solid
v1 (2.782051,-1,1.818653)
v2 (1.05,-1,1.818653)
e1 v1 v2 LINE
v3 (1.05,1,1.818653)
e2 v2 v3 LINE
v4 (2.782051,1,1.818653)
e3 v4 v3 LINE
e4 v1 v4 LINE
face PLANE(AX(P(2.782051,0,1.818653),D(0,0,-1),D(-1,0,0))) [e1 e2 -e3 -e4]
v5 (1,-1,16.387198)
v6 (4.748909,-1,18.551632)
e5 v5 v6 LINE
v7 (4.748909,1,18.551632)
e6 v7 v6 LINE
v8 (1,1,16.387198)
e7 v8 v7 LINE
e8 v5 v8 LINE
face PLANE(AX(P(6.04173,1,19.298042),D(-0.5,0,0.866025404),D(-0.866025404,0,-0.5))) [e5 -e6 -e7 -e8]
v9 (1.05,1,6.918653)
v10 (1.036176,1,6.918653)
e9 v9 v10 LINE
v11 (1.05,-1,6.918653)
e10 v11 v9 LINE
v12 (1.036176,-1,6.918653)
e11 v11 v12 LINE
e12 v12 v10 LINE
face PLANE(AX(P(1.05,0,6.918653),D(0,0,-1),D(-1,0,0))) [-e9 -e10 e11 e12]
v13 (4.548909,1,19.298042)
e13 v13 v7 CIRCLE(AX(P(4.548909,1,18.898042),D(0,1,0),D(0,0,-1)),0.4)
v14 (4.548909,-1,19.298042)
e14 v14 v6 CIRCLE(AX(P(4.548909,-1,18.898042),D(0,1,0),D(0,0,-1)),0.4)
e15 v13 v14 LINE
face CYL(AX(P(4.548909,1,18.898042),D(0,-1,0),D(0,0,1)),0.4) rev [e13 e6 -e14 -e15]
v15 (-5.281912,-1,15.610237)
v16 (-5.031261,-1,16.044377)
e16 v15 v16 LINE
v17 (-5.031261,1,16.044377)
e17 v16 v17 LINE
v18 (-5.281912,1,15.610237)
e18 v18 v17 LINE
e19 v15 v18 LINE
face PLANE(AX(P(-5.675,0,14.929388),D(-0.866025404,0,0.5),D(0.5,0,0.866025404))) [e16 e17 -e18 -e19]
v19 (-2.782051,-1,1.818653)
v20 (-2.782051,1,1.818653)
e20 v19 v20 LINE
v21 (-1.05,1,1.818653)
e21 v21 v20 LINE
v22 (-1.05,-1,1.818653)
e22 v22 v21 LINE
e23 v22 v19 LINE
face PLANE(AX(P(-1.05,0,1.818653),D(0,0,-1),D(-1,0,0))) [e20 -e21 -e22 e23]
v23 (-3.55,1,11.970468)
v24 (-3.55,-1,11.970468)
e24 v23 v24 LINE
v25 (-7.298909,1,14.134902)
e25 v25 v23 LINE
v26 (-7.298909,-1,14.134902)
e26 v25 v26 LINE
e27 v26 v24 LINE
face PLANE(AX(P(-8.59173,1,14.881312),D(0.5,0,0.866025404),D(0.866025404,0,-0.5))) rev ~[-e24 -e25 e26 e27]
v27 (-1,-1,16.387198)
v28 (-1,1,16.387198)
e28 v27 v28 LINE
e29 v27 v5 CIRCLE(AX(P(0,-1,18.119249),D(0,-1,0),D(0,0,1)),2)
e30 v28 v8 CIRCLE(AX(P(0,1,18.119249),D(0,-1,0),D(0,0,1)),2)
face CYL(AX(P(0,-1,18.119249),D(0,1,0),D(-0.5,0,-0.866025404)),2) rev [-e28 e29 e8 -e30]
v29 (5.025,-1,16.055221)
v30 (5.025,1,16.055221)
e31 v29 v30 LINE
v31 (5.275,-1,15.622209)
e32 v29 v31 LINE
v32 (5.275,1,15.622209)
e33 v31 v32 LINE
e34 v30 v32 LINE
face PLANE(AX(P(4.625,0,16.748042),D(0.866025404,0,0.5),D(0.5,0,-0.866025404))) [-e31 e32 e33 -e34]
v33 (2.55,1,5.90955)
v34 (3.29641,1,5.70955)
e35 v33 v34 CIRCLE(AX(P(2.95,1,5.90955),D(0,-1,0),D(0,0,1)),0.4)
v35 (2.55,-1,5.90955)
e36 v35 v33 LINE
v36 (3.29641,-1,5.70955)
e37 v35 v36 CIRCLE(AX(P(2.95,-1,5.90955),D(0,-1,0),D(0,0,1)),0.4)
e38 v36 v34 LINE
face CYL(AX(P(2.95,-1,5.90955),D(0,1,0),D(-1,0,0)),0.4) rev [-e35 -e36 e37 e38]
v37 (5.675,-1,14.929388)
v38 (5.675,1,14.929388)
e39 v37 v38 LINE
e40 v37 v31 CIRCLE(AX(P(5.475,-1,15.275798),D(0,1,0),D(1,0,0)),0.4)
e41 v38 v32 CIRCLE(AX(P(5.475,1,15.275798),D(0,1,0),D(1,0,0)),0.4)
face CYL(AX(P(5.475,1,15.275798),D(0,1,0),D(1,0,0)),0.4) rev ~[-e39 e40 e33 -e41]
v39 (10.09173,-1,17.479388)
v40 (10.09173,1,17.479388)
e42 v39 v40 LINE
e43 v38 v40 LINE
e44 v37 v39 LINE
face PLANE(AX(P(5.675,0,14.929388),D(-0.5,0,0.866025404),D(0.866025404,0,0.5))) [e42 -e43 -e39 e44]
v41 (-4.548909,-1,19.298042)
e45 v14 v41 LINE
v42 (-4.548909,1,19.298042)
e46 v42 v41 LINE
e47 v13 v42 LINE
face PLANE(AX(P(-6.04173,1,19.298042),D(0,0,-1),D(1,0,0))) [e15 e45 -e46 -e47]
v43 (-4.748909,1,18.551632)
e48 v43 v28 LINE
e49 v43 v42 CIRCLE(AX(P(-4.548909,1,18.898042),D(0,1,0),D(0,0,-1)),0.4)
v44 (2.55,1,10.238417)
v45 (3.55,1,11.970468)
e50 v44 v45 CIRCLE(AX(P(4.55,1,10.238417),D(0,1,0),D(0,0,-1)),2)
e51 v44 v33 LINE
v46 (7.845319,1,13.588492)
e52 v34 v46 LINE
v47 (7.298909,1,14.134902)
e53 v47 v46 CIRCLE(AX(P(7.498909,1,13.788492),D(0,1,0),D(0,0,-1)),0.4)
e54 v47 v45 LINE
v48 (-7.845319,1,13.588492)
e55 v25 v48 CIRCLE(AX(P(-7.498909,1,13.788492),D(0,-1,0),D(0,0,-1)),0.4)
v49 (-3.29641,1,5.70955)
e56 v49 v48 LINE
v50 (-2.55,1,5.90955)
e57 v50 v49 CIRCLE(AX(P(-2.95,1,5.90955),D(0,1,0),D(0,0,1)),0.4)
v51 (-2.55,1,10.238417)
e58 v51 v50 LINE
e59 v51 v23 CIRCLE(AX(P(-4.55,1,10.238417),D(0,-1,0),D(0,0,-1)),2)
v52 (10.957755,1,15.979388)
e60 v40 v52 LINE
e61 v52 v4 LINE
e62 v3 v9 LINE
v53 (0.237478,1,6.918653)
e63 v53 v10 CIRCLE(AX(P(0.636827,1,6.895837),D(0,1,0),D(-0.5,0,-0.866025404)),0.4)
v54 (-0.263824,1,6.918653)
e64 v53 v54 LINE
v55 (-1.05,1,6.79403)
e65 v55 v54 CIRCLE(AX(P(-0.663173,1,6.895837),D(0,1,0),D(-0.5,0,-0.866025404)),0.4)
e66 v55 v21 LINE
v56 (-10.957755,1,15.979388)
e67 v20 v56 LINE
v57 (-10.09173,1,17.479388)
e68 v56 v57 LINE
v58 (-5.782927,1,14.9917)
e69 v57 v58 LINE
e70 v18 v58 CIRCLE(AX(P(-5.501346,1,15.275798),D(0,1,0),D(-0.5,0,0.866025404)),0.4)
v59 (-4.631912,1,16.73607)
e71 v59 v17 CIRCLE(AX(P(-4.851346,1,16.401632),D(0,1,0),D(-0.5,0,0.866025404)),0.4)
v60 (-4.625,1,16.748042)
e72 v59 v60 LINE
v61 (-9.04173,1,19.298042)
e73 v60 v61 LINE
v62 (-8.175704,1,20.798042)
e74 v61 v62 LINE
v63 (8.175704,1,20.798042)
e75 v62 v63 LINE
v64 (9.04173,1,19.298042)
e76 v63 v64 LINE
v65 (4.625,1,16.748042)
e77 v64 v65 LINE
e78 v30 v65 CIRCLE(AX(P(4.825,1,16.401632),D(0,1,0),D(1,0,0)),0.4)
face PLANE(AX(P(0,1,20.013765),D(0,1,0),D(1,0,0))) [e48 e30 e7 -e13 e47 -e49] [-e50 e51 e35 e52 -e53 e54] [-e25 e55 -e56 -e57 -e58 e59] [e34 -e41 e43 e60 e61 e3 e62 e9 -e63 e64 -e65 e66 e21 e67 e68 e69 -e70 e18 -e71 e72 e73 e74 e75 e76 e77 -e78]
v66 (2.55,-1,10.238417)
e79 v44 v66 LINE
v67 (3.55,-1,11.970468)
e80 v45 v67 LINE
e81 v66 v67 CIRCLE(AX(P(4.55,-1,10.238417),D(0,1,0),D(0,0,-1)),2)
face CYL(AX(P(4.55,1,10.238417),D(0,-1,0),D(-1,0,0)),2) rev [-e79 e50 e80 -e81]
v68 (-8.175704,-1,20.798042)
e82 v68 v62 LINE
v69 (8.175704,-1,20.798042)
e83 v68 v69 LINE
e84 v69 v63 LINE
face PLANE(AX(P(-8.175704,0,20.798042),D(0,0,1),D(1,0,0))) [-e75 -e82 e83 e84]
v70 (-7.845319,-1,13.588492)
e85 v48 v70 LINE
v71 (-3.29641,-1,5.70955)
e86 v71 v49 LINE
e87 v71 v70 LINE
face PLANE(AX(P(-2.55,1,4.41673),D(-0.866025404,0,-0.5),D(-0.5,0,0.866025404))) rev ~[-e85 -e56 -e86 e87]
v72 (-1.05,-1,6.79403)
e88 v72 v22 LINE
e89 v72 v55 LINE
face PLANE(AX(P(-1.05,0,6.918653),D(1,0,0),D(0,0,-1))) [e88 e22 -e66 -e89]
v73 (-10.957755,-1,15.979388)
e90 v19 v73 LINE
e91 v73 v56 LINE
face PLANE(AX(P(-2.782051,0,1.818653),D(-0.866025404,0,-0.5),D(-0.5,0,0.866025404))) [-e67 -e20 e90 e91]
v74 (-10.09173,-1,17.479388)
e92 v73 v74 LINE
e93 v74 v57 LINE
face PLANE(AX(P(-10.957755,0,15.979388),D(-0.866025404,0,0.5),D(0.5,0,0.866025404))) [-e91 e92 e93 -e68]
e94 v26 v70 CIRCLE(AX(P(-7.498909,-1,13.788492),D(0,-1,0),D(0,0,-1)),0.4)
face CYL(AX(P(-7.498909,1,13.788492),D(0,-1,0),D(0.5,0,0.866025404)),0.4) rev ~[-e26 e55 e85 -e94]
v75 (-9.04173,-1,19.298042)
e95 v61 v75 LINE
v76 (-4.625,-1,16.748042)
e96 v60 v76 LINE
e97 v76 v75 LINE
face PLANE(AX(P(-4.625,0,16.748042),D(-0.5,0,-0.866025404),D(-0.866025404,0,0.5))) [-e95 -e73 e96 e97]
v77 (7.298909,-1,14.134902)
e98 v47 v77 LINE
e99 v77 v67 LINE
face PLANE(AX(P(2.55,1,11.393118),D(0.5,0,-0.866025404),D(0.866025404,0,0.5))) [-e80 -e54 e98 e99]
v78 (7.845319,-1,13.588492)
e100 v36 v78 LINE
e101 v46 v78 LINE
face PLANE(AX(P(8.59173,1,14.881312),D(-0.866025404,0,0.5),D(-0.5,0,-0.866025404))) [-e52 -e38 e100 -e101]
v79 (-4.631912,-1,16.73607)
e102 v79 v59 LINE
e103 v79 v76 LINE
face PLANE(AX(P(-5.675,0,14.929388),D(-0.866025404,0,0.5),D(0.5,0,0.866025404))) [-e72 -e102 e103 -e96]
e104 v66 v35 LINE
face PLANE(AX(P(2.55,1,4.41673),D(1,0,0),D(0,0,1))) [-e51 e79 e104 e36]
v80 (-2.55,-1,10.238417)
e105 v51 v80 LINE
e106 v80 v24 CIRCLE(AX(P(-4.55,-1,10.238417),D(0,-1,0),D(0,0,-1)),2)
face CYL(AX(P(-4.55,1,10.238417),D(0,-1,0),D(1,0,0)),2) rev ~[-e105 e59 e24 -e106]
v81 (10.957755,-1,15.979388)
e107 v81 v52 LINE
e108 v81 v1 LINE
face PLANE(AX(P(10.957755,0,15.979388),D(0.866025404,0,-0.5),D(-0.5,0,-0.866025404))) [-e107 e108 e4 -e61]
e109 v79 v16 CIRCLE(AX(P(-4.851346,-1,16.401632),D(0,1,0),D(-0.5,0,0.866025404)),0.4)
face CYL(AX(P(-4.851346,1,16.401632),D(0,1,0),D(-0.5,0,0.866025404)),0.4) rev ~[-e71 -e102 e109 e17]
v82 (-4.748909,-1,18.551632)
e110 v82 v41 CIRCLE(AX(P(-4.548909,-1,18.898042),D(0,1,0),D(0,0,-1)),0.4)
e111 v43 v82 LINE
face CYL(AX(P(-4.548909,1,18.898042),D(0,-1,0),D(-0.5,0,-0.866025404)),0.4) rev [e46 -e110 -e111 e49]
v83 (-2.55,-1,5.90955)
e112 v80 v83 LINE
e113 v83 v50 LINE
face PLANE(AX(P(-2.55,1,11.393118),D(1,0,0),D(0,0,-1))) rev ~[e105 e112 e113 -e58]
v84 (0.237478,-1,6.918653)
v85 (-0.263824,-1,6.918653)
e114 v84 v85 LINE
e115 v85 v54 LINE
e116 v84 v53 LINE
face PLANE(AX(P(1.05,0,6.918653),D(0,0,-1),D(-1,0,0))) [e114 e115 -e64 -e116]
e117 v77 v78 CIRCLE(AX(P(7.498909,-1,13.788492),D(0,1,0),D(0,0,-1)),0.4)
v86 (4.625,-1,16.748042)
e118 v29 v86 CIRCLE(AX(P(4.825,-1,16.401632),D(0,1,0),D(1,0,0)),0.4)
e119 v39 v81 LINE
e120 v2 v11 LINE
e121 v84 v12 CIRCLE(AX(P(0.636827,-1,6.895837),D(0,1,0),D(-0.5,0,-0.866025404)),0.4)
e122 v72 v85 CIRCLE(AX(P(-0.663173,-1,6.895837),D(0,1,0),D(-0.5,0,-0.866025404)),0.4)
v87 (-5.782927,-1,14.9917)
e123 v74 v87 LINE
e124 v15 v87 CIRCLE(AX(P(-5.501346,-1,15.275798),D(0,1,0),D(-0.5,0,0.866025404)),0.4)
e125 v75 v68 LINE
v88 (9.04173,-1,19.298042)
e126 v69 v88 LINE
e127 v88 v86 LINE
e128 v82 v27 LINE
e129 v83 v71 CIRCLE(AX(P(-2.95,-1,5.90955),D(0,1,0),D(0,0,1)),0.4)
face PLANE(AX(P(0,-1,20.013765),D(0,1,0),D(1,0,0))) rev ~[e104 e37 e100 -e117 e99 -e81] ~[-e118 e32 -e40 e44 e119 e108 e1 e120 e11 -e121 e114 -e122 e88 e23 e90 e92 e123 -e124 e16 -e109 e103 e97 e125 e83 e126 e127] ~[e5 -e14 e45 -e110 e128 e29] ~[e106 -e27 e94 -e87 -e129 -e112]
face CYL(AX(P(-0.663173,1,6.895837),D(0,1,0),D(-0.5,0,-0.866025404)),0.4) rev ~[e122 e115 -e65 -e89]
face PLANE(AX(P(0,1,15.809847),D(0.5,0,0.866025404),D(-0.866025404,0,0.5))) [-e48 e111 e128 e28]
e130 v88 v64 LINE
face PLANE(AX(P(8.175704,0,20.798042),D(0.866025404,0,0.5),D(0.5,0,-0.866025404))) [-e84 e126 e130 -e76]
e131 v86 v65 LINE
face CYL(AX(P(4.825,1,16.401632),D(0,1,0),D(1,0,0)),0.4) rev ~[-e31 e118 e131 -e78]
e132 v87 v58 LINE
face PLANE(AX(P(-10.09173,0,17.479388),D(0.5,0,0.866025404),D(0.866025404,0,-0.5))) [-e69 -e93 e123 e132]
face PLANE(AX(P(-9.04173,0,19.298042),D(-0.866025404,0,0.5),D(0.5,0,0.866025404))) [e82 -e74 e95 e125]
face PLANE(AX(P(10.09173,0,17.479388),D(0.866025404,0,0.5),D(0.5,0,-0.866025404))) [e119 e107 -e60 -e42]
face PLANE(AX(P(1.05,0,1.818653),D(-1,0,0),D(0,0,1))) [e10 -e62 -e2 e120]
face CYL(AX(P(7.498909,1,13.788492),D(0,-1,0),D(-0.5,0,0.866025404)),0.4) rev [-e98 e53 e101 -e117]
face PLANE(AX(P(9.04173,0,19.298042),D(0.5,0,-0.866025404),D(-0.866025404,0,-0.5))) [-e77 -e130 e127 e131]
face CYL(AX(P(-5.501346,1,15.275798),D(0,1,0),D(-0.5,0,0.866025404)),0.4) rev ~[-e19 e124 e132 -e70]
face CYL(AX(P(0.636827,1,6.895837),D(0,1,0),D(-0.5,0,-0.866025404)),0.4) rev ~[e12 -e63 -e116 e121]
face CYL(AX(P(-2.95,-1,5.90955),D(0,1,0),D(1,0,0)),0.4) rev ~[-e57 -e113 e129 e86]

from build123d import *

# Parameters (mm, degrees)
EXTRUDE_1_DEPTH          = 1
CUT_EXTRUDE_1_DEPTH      = 5
SKETCH_4_R               = 0.4
CUT_EXTRUDE_2_DEPTH      = 5
PATTERN_CIRCULAR_3_COUNT = 3
FILLET_1_R               = 0.4
FILLET_2_R               = 2


with BuildPart() as part:
    # 草图1 → 凸台-拉伸1 (new, symmetric)
    with BuildSketch(Plane(origin=(0, 0, 0), x_dir=(1, 0, 0), z_dir=(0, 1, 0))):
        Polygon((9.041729559, -19.298041681), (-9.041729559, -19.298041681), (-8.175704156, -20.798041681), (8.175704156, -20.798041681), align=None)
        Polygon((2.782050808, -1.818653348), (1.05, -1.818653348), (10.091729559, -17.479388333), (10.957754963, -15.979388333), align=None)
        Polygon((-10.091729559, -17.479388333), (-1.05, -1.818653348), (-2.782050808, -1.818653348), (-10.957754963, -15.979388333), align=None)
        Polygon((-1.05, -6.918653348), (-1.05, -1.818653348), (-10.091729559, -17.479388333), (-5.675, -14.929388333), (-4.625, -16.748041681), (-9.041729559, -19.298041681), (9.041729559, -19.298041681), (4.625, -16.748041681), (5.675, -14.929388333), (10.091729559, -17.479388333), (1.05, -1.818653348), (1.05, -6.918653348), align=None)
    extrude(amount=EXTRUDE_1_DEPTH, both=True)

    # 草图2 → 切除-拉伸1 (cut, symmetric)
    with BuildSketch(Plane(origin=(0, 1, 0), x_dir=(1, 0, 0), z_dir=(0, 1, 0))):
        Polygon((8.591729559, -14.881312122), (2.55, -4.416729559), (2.55, -11.393117934), align=None)
        Polygon((6.041729559, -19.298041681), (0, -15.809847493), (-6.041729559, -19.298041681), align=None)
        Polygon((-2.55, -11.393117934), (-2.55, -4.416729559), (-8.591729559, -14.881312122), align=None)
    extrude(amount=CUT_EXTRUDE_1_DEPTH, both=True, mode=Mode.SUBTRACT)

    # 草图4 → 切除-拉伸2 (cut, symmetric)
    with BuildSketch(Plane(origin=(0, 1, 0), x_dir=(1, 0, 0), z_dir=(0, 1, 0))):
        with Locations((5.475, -15.275798494)):
            Circle(SKETCH_4_R)
        with Locations((4.825, -16.401631519)):
            Circle(SKETCH_4_R)
    cut_extrude_2 = extrude(amount=CUT_EXTRUDE_2_DEPTH, both=True, mode=Mode.SUBTRACT)

    # 阵列(圆周)3: 切除-拉伸2 ×3 about axis
    pattern_circular_3_axis = Axis((-0.013172797, 0, 12.857755803), (0, 1, 0))
    for i in range(1, PATTERN_CIRCULAR_3_COUNT):
        add(cut_extrude_2.rotate(pattern_circular_3_axis, i * 360 / PATTERN_CIRCULAR_3_COUNT), mode=Mode.SUBTRACT)

    # 圆角1
    fillet_1_edges = [part.edges().sort_by_distance(p)[0] for p in [
        (-2.55, 0, 4.416729559),
        (-8.591729559, 0, 14.881312122),
        (-6.041729559, 0, 19.298041681),
        (6.041729559, 0, 19.298041681),
        (8.591729559, 0, 14.881312122),
        (2.55, 0, 4.416729559),
    ]]
    fillet(fillet_1_edges, radius=FILLET_1_R)

    # 圆角2
    fillet_2_edges = [part.edges().sort_by_distance(p)[0] for p in [
        (-2.55, 0, 11.393117934),
        (0, 0, 15.809847493),
        (2.55, 0, 11.393117934),
    ]]
    fillet(fillet_2_edges, radius=FILLET_2_R)


solid = part.part
